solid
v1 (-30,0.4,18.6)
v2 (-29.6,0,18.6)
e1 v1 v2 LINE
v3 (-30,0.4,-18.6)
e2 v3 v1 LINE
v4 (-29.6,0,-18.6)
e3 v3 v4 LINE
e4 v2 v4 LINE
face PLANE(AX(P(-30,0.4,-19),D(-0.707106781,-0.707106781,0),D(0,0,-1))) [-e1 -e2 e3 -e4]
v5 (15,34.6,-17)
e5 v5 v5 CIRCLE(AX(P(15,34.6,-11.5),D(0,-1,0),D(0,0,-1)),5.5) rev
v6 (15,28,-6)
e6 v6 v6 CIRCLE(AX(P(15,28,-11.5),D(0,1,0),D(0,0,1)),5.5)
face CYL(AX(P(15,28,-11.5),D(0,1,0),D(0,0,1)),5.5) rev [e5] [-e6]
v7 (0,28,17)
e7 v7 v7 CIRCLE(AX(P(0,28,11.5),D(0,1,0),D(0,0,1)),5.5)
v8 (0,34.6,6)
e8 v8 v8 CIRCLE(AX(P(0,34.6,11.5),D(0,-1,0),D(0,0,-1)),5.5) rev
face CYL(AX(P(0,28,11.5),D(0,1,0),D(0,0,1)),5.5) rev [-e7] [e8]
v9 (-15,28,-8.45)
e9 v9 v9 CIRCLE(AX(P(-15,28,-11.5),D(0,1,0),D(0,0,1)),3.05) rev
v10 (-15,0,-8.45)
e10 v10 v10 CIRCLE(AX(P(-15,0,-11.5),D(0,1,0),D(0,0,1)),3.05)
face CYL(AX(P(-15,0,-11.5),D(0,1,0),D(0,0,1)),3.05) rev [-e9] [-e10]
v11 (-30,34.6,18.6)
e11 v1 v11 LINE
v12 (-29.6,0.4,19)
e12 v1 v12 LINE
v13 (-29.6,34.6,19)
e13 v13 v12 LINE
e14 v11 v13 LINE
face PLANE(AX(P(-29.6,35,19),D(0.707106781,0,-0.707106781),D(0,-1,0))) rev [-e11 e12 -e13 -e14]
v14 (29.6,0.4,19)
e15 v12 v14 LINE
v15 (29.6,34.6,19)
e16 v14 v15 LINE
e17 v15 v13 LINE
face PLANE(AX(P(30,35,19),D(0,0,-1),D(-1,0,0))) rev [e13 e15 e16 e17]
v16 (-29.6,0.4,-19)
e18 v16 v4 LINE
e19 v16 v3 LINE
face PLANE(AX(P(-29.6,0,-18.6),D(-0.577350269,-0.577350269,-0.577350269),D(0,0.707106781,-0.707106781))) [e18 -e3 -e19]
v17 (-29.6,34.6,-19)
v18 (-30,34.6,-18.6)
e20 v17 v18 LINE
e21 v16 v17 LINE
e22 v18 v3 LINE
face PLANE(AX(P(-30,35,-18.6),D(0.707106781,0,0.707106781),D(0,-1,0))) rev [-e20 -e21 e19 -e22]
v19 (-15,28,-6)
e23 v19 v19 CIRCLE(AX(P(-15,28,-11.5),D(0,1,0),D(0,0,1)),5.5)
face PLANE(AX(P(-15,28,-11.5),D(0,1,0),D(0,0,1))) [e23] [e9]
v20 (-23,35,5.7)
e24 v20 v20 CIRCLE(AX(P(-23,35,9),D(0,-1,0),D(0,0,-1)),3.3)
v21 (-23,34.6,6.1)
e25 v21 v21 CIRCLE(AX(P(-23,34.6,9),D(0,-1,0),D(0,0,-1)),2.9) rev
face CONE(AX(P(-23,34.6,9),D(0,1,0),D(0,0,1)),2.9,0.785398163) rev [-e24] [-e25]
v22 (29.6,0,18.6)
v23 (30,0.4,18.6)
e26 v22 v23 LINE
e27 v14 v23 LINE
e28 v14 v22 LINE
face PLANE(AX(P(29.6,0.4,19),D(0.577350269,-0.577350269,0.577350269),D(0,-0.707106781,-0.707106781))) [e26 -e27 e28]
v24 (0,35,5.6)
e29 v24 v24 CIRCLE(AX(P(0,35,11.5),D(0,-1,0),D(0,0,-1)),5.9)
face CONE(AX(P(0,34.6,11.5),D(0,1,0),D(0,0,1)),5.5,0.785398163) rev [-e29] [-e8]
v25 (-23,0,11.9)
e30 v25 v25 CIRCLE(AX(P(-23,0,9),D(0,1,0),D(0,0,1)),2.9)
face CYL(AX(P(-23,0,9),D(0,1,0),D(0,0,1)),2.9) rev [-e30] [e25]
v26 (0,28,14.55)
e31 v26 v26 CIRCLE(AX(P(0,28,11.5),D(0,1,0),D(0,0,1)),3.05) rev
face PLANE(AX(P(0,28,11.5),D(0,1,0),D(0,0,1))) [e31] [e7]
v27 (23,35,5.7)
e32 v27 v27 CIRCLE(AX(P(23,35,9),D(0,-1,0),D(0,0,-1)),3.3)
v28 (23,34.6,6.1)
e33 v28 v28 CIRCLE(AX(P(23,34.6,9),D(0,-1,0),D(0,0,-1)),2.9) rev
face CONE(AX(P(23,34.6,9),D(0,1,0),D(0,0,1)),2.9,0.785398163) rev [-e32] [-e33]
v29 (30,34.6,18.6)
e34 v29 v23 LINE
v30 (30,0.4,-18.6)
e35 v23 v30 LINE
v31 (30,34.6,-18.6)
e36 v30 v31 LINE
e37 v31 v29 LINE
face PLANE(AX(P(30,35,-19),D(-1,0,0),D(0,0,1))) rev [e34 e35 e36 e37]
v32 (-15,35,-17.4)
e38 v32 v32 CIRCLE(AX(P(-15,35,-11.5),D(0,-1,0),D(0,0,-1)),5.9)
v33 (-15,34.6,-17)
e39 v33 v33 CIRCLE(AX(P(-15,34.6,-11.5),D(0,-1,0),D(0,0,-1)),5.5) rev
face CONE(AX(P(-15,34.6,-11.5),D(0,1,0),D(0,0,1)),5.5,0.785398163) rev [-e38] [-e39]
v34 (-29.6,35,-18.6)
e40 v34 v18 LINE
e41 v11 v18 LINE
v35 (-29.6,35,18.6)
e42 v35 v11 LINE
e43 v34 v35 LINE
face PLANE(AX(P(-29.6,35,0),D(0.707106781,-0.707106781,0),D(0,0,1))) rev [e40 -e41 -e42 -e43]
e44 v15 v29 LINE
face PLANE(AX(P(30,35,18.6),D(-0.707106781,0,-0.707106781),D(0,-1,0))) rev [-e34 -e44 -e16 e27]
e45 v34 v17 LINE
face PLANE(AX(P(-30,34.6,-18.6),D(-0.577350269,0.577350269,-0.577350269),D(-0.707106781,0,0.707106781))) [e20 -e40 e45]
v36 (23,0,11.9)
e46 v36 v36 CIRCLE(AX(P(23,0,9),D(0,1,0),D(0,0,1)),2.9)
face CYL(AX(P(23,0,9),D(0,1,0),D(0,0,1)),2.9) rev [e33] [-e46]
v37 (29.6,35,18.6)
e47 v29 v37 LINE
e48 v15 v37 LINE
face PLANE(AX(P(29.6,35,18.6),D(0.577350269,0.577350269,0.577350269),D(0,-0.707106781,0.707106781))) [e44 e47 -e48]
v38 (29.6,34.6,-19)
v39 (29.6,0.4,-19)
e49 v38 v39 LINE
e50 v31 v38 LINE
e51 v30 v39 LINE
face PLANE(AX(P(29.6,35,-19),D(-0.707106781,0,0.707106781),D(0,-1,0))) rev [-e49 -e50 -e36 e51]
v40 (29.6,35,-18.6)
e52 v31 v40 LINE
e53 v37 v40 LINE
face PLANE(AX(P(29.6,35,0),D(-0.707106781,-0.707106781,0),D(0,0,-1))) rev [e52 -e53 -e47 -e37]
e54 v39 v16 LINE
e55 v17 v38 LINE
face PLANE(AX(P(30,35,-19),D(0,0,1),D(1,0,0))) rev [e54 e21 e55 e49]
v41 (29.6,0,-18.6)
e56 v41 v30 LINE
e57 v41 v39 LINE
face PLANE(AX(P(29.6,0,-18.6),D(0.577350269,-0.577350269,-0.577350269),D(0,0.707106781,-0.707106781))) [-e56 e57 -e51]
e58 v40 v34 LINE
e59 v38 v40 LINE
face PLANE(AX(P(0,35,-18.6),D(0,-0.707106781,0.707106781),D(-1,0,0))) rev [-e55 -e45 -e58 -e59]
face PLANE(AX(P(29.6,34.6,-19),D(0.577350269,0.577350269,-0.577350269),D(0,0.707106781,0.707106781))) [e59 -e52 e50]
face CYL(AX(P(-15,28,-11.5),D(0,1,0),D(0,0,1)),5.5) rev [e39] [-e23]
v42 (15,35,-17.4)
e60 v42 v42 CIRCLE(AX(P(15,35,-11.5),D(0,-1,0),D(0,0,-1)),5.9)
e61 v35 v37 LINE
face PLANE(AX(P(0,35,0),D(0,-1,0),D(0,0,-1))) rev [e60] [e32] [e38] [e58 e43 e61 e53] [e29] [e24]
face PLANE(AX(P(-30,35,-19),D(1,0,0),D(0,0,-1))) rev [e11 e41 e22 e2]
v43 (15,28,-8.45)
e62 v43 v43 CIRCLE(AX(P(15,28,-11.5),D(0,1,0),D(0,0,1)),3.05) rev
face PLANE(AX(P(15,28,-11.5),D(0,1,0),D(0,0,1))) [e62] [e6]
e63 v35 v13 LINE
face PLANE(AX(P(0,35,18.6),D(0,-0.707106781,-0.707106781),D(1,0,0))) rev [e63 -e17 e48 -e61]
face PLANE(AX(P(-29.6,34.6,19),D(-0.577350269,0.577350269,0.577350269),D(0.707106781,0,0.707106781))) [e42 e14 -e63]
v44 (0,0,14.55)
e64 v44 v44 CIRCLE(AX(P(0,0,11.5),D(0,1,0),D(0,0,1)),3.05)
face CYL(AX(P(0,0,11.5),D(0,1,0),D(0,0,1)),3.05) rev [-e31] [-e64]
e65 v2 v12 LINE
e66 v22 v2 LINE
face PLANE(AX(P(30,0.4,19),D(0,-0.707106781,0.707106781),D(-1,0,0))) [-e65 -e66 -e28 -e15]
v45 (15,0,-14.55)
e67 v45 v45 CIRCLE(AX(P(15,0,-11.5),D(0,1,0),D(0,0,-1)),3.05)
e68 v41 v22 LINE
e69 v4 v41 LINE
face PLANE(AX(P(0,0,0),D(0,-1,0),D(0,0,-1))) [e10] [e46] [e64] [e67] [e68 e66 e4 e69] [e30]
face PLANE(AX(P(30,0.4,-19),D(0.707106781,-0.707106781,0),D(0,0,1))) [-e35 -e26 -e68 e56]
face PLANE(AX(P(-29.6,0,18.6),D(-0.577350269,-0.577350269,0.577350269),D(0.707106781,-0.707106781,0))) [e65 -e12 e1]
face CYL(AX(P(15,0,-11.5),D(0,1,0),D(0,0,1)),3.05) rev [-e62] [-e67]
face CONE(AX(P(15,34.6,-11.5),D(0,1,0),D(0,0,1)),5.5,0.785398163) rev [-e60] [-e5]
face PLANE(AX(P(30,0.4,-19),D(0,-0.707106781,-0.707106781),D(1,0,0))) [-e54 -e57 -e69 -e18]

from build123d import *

# Parameters (mm, degrees)
SKETCH1_W           = 60
SKETCH1_H           = 38
BOSS_EXTRUDE1_DEPTH = 35
SKETCH2_R           = 2.9
SKETCH2_R_2         = 3.05
CUT_EXTRUDE1_DEPTH  = 36
SKETCH3_R           = 5.5
CUT_EXTRUDE2_DEPTH  = 7
CHAMFER1_SIZE       = 0.4


with BuildPart() as part:
    # Sketch1 → Boss-Extrude1 (new body)
    with BuildSketch(Plane(origin=(0, 0, 0), x_dir=(1, 0, 0), z_dir=(0, 1, 0))):
        Rectangle(SKETCH1_W, SKETCH1_H)
    extrude(amount=BOSS_EXTRUDE1_DEPTH)

    # Sketch2 → Cut-Extrude1 (cut, through all)
    with BuildSketch(Plane(origin=(0, 35, 0), x_dir=(1, 0, 0), z_dir=(0, 1, 0))):
        with Locations((-23, -9)):
            Circle(SKETCH2_R)
        with Locations((23, -9)):
            Circle(SKETCH2_R)
        with Locations((-15, 11.5)):
            Circle(SKETCH2_R_2)
        with Locations((0, -11.5)):
            Circle(SKETCH2_R_2)
        with Locations((15, 11.5)):
            Circle(SKETCH2_R_2)
    extrude(amount=-CUT_EXTRUDE1_DEPTH, mode=Mode.SUBTRACT)

    # Sketch3 → Cut-Extrude2 (cut)
    with BuildSketch(Plane(origin=(0, 35, 0), x_dir=(1, 0, 0), z_dir=(0, 1, 0))):
        with Locations((-15, 11.5)):
            Circle(SKETCH3_R)
        with Locations((15, 11.5)):
            Circle(SKETCH3_R)
        with Locations((0, -11.5)):
            Circle(SKETCH3_R)
    extrude(amount=-CUT_EXTRUDE2_DEPTH, mode=Mode.SUBTRACT)

    # Chamfer1
    chamfer1_edges = [part.edges().sort_by_distance(p)[0] for p in [
        (30, 35, 0),
        (0, 35, -19),
        (-25.9, 35, 9),
        (20.1, 35, 9),
        (-20.5, 35, -11.5),
        (9.5, 35, -11.5),
        (-5.5, 35, 11.5),
        (-30, 35, 0),
        (0, 0, -19),
        (30, 0, 0),
        (0, 0, 19),
        (-30, 0, 0),
        (-30, 17.5, -19),
        (30, 17.5, -19),
        (30, 17.5, 19),
        (-30, 17.5, 19),
        (0, 35, 19),
    ]]
    chamfer(chamfer1_edges, length=CHAMFER1_SIZE)


solid = part.part
